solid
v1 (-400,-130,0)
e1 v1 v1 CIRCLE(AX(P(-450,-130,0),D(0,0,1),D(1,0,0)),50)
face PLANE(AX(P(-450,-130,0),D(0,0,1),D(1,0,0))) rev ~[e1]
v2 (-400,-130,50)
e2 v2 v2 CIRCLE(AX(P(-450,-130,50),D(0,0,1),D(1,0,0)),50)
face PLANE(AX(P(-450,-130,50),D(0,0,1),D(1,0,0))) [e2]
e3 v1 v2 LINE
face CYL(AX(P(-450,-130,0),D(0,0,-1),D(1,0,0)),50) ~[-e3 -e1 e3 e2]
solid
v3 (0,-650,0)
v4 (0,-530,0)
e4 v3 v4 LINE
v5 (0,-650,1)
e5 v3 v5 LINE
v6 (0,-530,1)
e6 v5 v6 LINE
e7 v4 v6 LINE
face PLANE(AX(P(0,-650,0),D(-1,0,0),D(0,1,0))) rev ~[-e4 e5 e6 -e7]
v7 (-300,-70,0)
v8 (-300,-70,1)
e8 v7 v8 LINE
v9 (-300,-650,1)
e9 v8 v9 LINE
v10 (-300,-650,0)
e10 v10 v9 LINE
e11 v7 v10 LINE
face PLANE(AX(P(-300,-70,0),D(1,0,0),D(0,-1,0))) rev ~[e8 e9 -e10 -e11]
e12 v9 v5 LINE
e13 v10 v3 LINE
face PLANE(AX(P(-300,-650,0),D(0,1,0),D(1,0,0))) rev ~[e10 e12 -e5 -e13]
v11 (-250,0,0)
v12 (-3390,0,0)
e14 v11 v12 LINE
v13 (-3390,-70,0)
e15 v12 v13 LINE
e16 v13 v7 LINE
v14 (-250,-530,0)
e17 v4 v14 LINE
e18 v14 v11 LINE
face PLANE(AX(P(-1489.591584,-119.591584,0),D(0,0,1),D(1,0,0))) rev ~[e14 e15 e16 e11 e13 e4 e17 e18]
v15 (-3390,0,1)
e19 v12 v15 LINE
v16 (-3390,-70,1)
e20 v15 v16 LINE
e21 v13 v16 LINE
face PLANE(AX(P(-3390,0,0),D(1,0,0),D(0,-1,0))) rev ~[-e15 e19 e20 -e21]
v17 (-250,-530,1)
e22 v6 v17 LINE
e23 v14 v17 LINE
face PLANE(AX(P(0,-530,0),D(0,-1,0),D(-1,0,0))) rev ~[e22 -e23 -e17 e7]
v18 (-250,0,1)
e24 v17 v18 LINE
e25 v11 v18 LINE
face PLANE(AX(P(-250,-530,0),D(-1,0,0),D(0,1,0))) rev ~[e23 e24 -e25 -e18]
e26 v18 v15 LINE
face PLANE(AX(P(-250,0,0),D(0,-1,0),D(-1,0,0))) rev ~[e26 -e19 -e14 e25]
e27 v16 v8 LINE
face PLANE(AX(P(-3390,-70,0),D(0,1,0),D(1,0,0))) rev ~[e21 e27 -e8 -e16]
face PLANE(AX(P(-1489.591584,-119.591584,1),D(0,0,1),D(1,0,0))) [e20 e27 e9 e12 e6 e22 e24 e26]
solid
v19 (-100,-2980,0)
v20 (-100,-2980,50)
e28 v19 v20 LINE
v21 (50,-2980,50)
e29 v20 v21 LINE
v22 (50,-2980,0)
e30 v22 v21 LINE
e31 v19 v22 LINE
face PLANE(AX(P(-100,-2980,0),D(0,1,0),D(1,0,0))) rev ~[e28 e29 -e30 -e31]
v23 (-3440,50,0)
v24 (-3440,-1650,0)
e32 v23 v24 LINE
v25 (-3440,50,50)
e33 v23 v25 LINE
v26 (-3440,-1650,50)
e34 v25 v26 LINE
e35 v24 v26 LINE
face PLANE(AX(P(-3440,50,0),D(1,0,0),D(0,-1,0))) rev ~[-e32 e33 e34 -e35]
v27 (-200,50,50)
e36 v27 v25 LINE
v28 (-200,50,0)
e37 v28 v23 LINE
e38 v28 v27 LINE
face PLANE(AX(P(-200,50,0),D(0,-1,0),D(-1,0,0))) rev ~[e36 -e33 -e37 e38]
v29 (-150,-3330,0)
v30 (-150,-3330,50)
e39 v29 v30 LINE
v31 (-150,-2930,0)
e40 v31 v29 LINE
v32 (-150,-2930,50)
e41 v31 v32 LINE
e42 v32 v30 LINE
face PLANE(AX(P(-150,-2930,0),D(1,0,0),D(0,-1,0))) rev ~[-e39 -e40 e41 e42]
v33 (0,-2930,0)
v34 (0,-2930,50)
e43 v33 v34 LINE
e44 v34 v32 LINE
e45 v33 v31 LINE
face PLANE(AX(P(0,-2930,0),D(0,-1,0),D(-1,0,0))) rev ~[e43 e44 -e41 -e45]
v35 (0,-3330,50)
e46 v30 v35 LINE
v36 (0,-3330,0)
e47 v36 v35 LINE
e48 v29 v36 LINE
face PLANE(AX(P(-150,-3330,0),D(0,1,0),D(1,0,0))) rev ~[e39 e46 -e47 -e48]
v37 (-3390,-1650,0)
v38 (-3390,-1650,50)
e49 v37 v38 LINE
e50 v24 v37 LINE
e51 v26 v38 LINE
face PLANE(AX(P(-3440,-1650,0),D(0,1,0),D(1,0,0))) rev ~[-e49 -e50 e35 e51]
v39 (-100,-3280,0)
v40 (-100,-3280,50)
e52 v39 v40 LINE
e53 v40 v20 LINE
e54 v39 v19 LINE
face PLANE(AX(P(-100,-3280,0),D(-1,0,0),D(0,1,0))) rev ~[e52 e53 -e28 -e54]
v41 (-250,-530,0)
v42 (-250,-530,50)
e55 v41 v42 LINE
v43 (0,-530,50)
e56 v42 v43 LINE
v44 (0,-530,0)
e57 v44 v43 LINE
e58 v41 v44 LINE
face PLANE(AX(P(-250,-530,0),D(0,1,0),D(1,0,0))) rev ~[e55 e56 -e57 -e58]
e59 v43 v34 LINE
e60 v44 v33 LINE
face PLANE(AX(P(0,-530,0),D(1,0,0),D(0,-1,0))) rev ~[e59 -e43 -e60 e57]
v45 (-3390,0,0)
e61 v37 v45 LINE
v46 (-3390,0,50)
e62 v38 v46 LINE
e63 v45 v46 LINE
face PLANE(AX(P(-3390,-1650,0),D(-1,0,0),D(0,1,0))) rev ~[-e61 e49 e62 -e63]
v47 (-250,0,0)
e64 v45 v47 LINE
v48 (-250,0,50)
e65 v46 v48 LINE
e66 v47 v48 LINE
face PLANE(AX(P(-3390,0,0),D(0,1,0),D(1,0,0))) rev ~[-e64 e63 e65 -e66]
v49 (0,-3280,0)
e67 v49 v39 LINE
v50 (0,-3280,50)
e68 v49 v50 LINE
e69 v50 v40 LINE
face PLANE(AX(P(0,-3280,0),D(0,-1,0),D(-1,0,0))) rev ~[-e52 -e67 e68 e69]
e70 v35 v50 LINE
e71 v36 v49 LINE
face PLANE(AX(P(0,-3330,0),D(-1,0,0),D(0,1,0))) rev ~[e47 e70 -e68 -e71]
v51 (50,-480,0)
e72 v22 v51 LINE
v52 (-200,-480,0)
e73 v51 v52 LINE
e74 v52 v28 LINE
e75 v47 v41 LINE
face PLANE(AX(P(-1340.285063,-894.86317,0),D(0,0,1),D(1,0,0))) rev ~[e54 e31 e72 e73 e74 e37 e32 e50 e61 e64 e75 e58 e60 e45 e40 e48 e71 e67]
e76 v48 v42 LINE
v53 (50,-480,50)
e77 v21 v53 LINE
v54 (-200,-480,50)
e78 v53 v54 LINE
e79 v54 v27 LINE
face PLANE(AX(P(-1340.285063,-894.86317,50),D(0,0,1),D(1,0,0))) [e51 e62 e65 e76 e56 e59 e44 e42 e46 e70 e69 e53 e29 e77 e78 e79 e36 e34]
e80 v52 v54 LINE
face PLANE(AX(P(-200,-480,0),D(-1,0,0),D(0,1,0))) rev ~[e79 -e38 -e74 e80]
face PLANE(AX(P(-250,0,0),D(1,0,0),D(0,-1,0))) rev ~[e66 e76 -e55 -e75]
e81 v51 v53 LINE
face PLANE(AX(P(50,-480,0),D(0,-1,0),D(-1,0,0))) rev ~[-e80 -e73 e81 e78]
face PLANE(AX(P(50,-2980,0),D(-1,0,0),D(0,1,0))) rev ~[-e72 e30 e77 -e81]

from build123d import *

# Parameters (mm, degrees)
F1_R     = 50
F2_DEPTH = 50
F4_DEPTH = 1


with BuildPart() as f2:
    # F1 (on Top) → F2 (new body)
    with BuildSketch(Plane.XY):
        Polygon((-3390, -1650), (-3390, 0), (-250, 0), (-250, -530), (0, -530), (0, -2930), (-150, -2930), (-150, -3330), (0, -3330), (0, -3280), (-100, -3280), (-100, -2980), (50, -2980), (50, -480), (-200, -480), (-200, 50), (-3440, 50), (-3440, -1650), align=None)
        with Locations((-450, -130)):
            Circle(F1_R)
    extrude(amount=F2_DEPTH)


with BuildPart() as f4:
    # F3 (on Top) → F4 (new body)
    with BuildSketch(Plane.XY):
        Polygon((-3390, 0), (-3390, -70), (-300, -70), (-300, -650), (0, -650), (0, -530), (-250, -530), (-250, 0), align=None)
    extrude(amount=F4_DEPTH)


solid = Compound([f2.part, f4.part])
